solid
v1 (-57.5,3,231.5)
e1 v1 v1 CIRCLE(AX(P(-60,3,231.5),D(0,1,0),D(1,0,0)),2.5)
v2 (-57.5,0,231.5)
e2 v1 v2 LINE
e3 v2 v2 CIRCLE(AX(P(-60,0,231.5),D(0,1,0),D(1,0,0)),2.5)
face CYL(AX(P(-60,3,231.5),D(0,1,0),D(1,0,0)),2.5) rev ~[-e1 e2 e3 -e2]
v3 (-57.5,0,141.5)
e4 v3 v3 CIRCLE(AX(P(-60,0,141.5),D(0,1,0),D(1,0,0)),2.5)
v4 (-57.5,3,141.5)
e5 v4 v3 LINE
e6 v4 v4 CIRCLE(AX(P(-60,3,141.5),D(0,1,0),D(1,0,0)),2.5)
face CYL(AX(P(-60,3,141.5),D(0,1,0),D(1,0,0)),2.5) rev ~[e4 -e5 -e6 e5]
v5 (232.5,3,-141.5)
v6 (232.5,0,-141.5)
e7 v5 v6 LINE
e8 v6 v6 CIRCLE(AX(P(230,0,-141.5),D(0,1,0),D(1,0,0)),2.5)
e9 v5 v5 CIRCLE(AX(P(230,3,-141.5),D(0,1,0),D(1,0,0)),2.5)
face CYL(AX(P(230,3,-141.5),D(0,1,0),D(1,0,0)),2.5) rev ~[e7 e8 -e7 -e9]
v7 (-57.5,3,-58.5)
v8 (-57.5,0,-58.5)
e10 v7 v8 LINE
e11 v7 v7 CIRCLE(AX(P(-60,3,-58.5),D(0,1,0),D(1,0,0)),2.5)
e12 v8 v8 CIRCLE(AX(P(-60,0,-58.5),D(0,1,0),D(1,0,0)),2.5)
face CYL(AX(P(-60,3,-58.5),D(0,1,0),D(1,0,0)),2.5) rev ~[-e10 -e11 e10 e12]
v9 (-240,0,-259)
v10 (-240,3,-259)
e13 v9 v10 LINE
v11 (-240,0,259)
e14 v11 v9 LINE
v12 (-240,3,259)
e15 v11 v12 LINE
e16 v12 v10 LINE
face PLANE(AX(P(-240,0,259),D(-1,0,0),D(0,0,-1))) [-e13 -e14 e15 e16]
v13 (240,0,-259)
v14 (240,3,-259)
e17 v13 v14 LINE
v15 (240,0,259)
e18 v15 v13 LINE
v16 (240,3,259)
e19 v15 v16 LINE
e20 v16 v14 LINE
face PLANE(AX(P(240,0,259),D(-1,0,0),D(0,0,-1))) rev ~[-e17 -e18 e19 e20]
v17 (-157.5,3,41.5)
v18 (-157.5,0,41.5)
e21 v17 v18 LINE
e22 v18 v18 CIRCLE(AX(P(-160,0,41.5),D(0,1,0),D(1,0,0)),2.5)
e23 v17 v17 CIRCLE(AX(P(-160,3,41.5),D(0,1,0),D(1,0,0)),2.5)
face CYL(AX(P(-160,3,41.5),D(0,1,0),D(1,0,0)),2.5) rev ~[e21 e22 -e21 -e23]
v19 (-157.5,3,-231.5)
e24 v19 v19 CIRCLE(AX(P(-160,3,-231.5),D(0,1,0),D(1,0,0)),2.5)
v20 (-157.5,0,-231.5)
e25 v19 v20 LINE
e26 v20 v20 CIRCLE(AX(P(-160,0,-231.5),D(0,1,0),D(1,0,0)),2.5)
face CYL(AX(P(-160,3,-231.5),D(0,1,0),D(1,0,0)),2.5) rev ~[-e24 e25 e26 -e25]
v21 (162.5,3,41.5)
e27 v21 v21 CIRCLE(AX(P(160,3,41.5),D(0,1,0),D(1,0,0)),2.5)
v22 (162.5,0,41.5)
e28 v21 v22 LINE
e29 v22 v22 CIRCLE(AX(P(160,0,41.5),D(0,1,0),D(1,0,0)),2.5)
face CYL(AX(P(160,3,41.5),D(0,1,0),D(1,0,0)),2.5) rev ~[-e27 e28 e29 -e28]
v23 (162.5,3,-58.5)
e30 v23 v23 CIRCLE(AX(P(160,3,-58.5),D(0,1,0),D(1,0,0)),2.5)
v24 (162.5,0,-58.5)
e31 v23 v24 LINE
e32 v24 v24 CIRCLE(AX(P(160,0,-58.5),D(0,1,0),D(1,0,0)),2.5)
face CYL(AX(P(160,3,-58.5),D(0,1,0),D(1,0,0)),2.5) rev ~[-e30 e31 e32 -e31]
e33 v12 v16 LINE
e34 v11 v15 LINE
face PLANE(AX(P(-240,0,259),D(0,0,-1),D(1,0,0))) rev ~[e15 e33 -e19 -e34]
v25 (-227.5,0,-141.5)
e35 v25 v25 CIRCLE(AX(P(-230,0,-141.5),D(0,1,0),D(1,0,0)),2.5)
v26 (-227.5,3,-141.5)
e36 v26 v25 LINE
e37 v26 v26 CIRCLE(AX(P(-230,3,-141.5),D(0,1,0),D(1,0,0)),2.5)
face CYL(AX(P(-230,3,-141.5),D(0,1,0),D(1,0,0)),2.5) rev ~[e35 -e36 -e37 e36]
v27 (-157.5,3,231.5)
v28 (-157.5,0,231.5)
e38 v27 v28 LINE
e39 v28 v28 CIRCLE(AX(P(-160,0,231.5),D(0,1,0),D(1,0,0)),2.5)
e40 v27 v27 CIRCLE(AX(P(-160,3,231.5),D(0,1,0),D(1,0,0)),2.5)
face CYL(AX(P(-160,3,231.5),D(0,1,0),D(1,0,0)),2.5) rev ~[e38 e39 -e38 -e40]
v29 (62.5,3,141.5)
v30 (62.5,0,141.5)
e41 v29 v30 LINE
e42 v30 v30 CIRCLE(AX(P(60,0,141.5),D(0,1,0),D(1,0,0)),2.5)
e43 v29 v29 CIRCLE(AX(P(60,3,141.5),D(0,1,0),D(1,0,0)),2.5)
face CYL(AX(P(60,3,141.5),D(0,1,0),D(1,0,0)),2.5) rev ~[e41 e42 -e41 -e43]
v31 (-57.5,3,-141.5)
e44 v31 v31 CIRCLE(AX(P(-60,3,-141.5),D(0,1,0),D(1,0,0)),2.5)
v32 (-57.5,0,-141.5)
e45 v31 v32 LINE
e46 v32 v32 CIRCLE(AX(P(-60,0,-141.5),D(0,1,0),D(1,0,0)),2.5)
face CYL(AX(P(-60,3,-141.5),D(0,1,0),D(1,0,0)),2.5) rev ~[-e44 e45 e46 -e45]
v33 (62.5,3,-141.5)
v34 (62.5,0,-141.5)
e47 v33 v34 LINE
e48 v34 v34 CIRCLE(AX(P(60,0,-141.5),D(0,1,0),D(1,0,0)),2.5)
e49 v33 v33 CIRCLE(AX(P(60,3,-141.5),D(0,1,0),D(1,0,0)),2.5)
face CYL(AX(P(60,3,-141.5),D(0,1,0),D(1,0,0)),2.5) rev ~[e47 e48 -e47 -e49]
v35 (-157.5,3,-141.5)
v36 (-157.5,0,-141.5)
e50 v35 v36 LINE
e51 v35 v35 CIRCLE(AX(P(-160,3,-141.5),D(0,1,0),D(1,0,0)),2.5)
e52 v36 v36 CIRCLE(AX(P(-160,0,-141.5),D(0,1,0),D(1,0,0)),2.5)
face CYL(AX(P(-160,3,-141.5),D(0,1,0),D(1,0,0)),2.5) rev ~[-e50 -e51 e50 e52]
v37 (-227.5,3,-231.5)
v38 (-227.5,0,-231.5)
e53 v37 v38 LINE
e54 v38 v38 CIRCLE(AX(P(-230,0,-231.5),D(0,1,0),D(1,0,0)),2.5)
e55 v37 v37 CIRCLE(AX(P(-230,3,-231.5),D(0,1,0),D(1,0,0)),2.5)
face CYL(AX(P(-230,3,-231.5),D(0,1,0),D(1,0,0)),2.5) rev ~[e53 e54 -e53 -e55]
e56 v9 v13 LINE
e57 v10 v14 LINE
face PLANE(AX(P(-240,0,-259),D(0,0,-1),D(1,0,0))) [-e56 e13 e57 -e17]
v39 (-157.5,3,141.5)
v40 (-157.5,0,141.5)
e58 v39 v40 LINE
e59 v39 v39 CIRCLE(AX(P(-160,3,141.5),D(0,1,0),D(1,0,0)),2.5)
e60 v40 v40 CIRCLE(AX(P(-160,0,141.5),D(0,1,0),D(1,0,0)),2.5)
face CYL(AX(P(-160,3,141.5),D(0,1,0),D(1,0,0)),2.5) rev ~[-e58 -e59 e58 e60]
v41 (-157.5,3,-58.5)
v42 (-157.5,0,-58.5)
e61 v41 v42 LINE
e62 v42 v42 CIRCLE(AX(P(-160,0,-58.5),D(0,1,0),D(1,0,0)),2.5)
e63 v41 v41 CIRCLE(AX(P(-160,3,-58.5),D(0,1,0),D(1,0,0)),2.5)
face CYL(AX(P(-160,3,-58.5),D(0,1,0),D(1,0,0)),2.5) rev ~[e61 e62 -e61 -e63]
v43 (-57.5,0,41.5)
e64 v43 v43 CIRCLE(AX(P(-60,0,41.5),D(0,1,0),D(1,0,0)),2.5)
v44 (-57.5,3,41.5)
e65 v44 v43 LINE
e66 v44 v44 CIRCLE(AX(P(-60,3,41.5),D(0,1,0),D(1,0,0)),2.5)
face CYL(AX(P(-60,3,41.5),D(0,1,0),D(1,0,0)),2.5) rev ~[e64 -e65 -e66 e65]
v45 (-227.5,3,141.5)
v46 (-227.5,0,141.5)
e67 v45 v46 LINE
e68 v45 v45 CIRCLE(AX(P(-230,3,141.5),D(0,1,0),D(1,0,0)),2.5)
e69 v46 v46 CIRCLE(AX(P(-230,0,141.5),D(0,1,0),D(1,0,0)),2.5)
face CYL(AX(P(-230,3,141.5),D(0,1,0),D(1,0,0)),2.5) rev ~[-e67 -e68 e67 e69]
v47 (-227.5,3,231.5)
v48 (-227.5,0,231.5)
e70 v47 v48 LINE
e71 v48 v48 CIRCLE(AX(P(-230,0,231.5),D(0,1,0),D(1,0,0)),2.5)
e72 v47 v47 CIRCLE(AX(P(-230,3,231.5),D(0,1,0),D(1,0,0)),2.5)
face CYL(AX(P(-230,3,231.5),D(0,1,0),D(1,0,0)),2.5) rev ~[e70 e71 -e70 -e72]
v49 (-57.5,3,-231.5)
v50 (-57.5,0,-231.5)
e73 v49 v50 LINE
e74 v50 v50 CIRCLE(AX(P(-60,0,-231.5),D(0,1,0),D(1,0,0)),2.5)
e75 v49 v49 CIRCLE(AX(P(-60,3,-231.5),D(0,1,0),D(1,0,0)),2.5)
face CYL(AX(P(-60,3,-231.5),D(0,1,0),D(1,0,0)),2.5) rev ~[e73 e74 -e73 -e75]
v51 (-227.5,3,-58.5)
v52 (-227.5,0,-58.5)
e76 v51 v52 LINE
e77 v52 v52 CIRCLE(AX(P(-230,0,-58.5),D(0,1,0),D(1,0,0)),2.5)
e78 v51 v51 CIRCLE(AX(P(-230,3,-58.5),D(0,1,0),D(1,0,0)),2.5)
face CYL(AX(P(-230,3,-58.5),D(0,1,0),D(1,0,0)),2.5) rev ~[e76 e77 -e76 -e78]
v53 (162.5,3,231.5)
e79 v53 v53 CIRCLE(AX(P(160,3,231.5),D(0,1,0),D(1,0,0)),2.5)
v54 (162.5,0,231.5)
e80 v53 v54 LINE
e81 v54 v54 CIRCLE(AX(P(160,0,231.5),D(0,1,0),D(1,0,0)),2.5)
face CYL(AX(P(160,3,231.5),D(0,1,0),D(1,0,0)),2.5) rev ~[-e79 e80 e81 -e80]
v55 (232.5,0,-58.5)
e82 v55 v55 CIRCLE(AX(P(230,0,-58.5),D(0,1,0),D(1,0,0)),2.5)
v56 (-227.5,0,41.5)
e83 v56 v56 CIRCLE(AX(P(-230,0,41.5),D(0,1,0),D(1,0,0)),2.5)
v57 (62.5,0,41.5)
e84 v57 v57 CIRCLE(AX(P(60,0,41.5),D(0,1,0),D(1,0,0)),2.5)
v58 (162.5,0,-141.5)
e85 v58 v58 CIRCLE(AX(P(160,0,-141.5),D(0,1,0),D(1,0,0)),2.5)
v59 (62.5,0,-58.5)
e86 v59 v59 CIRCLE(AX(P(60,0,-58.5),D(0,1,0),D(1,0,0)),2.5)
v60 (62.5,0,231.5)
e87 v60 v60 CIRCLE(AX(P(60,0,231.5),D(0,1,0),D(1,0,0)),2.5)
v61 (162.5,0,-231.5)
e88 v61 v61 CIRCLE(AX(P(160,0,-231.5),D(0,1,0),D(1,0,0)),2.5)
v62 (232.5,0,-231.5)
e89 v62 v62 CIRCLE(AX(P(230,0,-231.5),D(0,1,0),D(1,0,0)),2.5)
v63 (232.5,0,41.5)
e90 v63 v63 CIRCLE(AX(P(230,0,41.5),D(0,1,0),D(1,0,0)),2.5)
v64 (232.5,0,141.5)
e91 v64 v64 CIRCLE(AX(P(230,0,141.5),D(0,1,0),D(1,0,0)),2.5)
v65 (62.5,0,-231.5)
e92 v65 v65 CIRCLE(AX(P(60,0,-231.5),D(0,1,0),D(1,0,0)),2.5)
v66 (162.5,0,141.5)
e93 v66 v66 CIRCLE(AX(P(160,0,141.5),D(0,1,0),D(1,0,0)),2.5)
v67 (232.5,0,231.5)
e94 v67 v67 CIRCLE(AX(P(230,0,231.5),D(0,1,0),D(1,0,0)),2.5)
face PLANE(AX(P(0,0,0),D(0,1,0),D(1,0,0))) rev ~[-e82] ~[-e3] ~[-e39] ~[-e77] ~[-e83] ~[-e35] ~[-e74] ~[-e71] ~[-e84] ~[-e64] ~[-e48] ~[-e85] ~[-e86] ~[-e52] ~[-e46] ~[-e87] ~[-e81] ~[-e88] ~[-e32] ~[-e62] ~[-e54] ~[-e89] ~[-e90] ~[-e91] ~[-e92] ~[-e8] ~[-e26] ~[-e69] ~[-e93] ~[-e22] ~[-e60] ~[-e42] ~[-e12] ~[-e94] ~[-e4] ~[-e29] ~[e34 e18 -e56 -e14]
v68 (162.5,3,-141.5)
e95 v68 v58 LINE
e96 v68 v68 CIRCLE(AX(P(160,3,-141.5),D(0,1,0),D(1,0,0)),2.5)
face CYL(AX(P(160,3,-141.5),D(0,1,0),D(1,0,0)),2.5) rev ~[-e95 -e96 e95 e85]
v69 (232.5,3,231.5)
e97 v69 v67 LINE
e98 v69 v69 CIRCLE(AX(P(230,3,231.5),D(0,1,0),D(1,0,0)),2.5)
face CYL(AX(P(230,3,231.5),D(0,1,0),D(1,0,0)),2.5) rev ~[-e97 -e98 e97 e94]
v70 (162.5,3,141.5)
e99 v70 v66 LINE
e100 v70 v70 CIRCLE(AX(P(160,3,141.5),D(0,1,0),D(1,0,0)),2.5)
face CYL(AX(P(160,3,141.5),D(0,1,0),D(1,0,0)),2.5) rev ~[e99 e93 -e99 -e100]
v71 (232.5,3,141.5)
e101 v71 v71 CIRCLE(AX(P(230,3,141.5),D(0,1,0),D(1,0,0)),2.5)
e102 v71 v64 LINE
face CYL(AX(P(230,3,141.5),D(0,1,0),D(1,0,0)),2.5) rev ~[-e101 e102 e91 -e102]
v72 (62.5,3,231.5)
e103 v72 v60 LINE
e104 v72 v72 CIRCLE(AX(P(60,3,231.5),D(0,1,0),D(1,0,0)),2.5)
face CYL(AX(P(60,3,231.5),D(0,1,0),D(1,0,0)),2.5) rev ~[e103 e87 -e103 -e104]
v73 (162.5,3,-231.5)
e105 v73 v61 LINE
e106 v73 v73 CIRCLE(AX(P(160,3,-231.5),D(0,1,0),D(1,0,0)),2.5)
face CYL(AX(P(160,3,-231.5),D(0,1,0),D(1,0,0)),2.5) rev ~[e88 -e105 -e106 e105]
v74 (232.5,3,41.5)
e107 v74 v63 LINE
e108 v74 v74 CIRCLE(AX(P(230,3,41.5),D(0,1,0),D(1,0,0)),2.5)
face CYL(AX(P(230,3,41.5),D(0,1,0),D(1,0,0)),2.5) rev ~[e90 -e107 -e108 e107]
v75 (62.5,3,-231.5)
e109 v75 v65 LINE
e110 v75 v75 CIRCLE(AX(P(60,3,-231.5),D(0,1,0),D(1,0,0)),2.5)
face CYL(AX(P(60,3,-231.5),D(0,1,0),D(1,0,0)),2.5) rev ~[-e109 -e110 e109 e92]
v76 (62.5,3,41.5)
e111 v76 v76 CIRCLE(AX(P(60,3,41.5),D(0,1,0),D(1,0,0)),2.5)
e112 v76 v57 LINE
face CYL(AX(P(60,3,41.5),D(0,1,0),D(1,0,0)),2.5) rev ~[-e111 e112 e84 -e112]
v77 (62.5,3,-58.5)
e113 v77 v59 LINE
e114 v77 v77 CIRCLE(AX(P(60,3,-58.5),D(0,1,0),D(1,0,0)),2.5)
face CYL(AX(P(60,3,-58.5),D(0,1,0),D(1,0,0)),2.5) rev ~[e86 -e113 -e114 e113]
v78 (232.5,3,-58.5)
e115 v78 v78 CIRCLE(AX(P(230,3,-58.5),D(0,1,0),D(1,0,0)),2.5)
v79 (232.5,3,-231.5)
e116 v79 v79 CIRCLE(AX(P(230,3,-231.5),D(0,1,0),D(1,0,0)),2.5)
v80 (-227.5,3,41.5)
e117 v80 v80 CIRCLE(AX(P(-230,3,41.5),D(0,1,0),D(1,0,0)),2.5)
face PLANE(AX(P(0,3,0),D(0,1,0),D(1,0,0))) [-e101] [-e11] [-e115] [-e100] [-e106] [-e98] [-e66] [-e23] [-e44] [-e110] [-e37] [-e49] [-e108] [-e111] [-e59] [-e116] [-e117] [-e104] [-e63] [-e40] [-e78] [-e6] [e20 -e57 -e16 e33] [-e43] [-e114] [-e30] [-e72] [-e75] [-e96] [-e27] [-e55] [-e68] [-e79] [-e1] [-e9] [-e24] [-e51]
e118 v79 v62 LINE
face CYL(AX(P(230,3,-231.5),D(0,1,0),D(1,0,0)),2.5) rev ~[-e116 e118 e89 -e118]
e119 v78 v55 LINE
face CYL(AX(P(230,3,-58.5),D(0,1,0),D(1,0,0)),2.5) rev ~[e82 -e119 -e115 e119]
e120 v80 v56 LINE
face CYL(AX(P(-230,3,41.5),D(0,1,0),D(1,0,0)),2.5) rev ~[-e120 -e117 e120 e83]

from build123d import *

# Parameters (mm, degrees)
CROQUIS1_W              = 480
CROQUIS1_H              = 518
SALIENTE_EXTRUIR1_DEPTH = 3
CROQUIS4_R              = 2.5
CORTAR_EXTRUIR2_DEPTH   = 3


with BuildPart() as part:
    # Croquis1 → Saliente-Extruir1 (new body)
    with BuildSketch(Plane(origin=(0, 0, 0), x_dir=(1, 0, 0), z_dir=(0, 1, 0))):
        Rectangle(CROQUIS1_W, CROQUIS1_H)
    extrude(amount=SALIENTE_EXTRUIR1_DEPTH)

    # Croquis4 → Cortar-Extruir2 (cut)
    with BuildSketch(Plane(origin=(0, 3, 0), x_dir=(1, 0, 0), z_dir=(0, 1, 0))):
        with Locations((-230, -231.5)):
            Circle(CROQUIS4_R)
        with Locations((-230, 231.5)):
            Circle(CROQUIS4_R)
        with Locations((-230, -141.5)):
            Circle(CROQUIS4_R)
        with Locations((-230, 141.5)):
            Circle(CROQUIS4_R)
        with Locations((-230, -41.5)):
            Circle(CROQUIS4_R)
        with Locations((-230, 58.5)):
            Circle(CROQUIS4_R)
        with Locations((-160, 231.5)):
            Circle(CROQUIS4_R)
        with Locations((-160, 141.5)):
            Circle(CROQUIS4_R)
        with Locations((-160, 58.5)):
            Circle(CROQUIS4_R)
        with Locations((-160, -41.5)):
            Circle(CROQUIS4_R)
        with Locations((-160, -141.5)):
            Circle(CROQUIS4_R)
        with Locations((-160, -231.5)):
            Circle(CROQUIS4_R)
        with Locations((160, -231.5)):
            Circle(CROQUIS4_R)
        with Locations((160, -141.5)):
            Circle(CROQUIS4_R)
        with Locations((160, -41.5)):
            Circle(CROQUIS4_R)
        with Locations((160, 58.5)):
            Circle(CROQUIS4_R)
        with Locations((160, 141.5)):
            Circle(CROQUIS4_R)
        with Locations((160, 231.5)):
            Circle(CROQUIS4_R)
        with Locations((230, -231.5)):
            Circle(CROQUIS4_R)
        with Locations((230, -141.5)):
            Circle(CROQUIS4_R)
        with Locations((230, -41.5)):
            Circle(CROQUIS4_R)
        with Locations((230, 58.5)):
            Circle(CROQUIS4_R)
        with Locations((230, 141.5)):
            Circle(CROQUIS4_R)
        with Locations((230, 231.5)):
            Circle(CROQUIS4_R)
        with Locations((-60, 231.5)):
            Circle(CROQUIS4_R)
        with Locations((-60, 141.5)):
            Circle(CROQUIS4_R)
        with Locations((-60, 58.5)):
            Circle(CROQUIS4_R)
        with Locations((-60, -41.5)):
            Circle(CROQUIS4_R)
        with Locations((-60, -141.5)):
            Circle(CROQUIS4_R)
        with Locations((-60, -231.5)):
            Circle(CROQUIS4_R)
        with Locations((60, -231.5)):
            Circle(CROQUIS4_R)
        with Locations((60, -141.5)):
            Circle(CROQUIS4_R)
        with Locations((60, -41.5)):
            Circle(CROQUIS4_R)
        with Locations((60, 58.5)):
            Circle(CROQUIS4_R)
        with Locations((60, 141.5)):
            Circle(CROQUIS4_R)
        with Locations((60, 231.5)):
            Circle(CROQUIS4_R)
    extrude(amount=-CORTAR_EXTRUIR2_DEPTH, mode=Mode.SUBTRACT)


solid = part.part
